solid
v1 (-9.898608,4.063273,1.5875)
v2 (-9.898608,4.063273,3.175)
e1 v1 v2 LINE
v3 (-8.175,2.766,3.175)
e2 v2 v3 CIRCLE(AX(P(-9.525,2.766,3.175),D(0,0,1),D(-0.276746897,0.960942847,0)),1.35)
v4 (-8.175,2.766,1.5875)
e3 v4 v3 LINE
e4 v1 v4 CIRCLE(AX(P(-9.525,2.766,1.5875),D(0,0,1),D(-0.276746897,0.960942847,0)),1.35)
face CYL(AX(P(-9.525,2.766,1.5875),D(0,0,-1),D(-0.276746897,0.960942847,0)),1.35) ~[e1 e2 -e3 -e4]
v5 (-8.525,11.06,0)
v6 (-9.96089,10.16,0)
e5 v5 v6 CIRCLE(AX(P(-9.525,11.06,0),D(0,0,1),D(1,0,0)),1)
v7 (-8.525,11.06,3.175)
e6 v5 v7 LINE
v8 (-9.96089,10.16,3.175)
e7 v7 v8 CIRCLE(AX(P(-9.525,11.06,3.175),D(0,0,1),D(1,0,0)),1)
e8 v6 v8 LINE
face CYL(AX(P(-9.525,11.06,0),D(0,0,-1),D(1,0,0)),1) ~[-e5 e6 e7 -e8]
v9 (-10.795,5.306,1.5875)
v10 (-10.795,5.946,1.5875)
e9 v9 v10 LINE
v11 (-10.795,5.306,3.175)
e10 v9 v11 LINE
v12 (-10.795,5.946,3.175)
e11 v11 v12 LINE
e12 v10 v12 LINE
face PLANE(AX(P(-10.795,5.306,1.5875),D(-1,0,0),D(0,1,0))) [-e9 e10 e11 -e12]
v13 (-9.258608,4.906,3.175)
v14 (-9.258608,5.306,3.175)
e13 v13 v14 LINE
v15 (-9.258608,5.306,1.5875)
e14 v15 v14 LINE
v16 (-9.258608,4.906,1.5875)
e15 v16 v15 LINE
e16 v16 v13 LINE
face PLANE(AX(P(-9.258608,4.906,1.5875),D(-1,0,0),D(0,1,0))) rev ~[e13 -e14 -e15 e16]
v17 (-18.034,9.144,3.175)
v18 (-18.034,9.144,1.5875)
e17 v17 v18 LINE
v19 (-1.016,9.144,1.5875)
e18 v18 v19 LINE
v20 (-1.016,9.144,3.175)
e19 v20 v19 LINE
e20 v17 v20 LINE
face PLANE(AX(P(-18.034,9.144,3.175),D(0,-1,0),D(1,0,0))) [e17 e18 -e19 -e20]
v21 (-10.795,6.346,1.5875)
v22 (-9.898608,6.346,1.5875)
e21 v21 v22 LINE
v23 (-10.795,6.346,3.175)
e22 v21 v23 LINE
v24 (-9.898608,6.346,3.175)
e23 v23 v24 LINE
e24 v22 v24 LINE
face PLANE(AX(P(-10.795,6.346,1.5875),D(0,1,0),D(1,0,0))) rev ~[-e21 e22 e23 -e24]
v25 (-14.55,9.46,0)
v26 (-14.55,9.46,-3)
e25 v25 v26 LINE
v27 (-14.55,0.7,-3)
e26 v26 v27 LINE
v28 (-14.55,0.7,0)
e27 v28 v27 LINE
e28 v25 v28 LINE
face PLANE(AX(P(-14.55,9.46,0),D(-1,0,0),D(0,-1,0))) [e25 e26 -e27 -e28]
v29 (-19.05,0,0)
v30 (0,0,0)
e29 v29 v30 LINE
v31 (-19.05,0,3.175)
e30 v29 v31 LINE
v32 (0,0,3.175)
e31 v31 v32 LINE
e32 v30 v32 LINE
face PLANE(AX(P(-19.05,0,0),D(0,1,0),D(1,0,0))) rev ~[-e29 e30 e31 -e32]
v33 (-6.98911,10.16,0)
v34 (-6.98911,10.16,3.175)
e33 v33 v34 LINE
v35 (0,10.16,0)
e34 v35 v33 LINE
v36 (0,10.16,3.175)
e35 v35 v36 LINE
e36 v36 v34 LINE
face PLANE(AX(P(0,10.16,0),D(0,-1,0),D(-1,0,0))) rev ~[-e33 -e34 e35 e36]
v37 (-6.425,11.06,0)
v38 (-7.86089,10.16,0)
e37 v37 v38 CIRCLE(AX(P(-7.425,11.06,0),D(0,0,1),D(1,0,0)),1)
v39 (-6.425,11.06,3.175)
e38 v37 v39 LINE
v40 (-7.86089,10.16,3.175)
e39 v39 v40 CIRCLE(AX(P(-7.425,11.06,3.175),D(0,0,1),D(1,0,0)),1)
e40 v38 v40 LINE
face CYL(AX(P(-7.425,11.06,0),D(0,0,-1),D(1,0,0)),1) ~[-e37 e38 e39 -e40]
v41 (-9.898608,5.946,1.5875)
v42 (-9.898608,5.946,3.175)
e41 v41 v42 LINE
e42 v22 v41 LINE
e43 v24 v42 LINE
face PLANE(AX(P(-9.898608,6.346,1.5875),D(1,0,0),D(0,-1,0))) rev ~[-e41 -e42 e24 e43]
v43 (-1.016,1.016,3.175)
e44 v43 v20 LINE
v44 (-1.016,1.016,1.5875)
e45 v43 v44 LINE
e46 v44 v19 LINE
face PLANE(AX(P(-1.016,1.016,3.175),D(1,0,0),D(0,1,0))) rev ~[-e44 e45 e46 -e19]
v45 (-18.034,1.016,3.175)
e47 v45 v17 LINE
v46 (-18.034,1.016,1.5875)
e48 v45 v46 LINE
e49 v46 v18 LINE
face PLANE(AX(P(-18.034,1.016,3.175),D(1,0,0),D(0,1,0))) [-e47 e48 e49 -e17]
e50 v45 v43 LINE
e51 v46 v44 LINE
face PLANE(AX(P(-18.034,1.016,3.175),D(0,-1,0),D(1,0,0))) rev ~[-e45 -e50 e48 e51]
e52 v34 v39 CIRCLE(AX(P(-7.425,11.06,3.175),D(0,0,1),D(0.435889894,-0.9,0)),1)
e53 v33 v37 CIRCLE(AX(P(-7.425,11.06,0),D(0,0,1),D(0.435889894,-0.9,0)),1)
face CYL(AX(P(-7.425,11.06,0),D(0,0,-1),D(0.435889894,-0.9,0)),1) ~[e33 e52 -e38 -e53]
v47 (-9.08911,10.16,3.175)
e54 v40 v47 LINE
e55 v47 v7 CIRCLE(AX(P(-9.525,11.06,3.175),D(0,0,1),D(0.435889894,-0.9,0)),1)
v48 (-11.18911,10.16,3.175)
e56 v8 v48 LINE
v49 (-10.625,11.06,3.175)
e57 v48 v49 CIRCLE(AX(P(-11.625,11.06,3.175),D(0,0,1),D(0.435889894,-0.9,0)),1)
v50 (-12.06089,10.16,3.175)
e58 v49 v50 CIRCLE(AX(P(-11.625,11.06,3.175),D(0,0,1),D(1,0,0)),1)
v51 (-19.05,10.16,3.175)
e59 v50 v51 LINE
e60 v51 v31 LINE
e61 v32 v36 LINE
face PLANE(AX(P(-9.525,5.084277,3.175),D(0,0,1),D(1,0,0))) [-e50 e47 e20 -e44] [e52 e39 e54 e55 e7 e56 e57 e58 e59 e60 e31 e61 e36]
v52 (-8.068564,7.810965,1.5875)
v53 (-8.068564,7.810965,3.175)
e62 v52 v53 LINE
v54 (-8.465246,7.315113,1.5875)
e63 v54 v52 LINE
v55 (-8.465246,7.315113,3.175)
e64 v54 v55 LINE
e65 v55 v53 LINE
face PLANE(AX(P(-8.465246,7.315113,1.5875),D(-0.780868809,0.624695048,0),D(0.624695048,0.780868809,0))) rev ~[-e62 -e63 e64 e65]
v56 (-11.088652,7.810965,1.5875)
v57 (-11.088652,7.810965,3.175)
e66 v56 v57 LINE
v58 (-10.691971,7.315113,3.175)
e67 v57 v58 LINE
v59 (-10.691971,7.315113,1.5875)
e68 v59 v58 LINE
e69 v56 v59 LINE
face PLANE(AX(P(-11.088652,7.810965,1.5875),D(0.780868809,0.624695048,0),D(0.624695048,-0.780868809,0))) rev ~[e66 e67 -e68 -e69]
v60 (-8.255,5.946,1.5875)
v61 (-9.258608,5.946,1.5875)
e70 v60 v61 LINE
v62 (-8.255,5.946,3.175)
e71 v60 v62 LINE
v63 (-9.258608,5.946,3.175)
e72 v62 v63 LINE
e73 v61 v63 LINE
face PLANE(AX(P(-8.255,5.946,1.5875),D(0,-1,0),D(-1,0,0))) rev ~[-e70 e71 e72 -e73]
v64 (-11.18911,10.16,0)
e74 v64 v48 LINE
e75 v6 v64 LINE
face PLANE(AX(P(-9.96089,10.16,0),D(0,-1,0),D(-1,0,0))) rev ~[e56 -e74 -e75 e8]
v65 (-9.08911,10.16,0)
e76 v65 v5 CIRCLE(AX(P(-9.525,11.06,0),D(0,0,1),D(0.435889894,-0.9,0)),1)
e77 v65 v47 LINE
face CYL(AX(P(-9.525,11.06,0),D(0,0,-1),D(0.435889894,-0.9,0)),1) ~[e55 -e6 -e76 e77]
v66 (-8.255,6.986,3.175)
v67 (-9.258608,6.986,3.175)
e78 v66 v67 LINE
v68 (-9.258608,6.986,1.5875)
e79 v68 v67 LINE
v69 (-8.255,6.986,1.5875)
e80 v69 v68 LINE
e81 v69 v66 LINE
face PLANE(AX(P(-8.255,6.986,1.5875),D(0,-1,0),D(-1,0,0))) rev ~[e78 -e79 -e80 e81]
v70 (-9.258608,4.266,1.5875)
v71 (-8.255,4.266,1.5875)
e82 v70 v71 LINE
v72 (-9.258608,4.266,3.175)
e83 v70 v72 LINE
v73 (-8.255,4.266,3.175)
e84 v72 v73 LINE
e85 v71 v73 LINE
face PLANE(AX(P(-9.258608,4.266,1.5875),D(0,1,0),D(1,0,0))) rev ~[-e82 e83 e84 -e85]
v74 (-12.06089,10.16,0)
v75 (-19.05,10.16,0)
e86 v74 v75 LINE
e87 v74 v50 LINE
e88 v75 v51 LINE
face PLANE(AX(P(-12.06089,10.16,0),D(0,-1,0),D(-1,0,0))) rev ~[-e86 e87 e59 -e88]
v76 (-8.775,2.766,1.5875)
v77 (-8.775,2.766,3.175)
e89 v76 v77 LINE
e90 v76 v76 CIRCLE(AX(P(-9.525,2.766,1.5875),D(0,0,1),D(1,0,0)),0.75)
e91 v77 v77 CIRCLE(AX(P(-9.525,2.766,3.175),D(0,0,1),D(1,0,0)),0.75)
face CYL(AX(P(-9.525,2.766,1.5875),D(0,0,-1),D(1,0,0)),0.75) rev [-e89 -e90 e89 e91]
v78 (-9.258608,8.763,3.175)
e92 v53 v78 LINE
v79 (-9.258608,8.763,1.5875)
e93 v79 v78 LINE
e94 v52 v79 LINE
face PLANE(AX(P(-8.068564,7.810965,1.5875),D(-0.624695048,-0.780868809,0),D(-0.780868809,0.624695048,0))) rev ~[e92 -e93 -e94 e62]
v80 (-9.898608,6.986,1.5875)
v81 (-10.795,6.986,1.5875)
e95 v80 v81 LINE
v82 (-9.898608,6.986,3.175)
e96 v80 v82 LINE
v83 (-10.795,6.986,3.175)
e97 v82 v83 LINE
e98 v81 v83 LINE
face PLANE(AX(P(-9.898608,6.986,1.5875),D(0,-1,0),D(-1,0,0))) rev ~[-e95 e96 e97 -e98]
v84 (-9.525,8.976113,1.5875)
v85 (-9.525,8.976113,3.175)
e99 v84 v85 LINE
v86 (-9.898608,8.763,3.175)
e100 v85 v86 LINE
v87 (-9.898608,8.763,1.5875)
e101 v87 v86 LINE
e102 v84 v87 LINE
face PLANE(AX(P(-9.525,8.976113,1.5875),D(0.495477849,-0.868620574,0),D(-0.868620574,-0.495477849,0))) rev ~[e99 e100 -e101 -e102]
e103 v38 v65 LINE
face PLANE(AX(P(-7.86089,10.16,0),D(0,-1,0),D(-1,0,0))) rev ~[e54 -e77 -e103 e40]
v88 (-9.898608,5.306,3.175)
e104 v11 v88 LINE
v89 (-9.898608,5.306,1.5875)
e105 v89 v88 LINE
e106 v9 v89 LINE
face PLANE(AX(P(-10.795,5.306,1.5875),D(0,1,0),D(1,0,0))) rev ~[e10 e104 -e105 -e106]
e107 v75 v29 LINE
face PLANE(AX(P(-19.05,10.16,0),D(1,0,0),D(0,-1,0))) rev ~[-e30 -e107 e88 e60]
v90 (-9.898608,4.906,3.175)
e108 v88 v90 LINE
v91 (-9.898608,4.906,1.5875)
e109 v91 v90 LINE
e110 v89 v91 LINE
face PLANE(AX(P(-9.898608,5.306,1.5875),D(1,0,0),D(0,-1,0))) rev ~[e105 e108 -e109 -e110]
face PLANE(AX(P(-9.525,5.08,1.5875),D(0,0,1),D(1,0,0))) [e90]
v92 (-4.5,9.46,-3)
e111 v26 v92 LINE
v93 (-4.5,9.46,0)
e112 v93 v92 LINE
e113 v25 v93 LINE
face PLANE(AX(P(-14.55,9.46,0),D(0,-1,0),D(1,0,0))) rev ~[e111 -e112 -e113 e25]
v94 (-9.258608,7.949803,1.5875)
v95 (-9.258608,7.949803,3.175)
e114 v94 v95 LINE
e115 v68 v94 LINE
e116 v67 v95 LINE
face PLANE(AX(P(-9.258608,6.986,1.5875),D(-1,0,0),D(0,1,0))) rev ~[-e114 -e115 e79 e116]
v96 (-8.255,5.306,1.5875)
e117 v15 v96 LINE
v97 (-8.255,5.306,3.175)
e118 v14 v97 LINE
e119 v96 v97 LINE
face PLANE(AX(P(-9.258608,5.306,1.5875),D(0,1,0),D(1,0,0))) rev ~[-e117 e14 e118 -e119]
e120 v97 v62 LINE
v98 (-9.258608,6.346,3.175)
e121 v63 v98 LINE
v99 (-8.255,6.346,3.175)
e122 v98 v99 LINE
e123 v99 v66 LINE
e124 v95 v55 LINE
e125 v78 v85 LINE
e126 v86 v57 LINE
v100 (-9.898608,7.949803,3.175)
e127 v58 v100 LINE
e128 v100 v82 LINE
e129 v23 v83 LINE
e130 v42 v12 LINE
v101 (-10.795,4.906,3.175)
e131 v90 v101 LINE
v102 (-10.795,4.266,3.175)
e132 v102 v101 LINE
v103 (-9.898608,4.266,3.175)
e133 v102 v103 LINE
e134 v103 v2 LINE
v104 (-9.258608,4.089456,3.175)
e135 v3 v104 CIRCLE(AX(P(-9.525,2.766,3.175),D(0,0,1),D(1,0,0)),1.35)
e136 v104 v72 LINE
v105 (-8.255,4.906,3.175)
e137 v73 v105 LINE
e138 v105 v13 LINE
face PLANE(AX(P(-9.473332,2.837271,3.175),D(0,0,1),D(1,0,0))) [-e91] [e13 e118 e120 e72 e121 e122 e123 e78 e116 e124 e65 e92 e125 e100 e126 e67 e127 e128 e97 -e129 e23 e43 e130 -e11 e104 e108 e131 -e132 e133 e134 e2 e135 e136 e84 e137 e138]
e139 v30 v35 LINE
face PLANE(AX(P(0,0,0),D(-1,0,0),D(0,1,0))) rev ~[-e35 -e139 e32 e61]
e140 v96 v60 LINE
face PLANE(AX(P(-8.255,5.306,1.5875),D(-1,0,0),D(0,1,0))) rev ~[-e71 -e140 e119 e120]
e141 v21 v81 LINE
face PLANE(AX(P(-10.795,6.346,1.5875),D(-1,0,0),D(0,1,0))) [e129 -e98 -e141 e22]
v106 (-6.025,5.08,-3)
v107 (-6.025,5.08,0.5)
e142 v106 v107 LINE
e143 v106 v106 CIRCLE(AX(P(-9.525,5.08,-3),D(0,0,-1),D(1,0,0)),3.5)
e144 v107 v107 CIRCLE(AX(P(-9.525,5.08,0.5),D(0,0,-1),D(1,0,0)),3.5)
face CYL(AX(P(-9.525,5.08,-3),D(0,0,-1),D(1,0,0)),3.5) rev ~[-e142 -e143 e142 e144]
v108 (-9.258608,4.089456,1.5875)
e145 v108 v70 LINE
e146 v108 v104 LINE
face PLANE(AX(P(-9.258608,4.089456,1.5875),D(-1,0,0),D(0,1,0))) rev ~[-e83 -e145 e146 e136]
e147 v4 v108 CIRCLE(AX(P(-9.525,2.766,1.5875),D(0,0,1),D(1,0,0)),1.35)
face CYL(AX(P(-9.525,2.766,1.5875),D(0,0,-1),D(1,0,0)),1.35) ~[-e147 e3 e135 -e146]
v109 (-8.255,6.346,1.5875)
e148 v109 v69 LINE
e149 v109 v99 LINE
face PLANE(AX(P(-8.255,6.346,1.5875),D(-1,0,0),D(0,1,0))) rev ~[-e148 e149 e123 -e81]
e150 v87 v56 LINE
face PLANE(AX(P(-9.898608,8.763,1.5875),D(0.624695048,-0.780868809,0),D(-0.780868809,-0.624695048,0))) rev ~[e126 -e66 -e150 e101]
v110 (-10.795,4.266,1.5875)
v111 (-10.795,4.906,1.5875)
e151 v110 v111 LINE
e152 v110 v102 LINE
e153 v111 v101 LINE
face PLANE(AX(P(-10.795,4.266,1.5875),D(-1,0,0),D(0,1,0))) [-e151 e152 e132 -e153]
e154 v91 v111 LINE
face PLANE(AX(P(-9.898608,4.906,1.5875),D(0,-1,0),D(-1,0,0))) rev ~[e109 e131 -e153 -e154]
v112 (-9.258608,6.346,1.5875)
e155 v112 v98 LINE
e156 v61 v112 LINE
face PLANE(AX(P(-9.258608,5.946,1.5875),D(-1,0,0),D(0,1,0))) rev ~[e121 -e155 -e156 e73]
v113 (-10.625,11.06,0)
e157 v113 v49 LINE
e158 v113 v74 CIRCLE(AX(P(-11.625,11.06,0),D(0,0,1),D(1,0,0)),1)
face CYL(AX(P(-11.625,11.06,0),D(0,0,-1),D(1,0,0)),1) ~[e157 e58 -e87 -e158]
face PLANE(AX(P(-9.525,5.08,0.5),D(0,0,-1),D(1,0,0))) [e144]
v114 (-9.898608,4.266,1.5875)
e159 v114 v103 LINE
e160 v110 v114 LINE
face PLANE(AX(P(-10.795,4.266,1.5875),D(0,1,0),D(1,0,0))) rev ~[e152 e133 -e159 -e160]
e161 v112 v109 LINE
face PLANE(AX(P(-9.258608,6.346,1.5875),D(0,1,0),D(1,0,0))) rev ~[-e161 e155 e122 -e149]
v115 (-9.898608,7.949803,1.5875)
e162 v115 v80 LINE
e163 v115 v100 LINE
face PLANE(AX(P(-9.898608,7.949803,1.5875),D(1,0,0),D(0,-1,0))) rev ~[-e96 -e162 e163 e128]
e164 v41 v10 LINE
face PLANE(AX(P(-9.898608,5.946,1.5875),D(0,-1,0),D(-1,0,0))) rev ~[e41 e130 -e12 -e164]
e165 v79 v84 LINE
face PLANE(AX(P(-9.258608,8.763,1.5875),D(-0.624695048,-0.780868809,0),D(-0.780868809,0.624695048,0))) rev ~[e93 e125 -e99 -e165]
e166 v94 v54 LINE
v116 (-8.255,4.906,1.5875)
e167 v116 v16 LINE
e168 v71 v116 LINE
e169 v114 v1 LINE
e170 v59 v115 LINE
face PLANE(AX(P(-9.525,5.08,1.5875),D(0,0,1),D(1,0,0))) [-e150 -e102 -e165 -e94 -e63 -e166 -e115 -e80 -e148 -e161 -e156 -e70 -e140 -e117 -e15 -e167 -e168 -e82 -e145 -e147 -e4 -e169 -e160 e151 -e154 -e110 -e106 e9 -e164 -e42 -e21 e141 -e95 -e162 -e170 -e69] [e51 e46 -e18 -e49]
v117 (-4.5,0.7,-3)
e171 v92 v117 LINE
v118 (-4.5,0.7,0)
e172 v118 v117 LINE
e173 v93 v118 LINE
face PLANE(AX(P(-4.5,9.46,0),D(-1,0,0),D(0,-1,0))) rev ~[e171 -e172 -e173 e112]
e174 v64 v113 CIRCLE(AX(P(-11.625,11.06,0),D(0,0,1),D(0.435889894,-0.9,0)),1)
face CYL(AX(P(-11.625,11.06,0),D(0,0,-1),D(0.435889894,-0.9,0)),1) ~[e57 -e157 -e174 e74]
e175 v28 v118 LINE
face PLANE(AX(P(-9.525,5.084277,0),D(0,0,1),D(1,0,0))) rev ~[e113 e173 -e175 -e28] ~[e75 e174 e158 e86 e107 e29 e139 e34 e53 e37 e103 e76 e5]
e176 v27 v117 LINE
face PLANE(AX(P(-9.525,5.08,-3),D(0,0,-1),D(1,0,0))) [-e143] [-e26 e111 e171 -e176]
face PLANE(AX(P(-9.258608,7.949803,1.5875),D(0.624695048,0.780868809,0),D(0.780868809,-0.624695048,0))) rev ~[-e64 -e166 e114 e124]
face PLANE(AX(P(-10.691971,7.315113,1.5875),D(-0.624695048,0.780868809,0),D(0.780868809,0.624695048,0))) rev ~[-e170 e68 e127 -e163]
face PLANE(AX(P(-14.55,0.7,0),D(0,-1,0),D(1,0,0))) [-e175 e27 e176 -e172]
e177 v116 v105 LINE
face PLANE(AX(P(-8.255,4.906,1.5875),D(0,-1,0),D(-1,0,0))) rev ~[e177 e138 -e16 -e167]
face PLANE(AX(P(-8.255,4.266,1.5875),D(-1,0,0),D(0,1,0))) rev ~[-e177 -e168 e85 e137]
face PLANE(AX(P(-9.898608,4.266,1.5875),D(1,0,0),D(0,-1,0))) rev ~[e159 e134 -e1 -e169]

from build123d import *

# Parameters (mm, degrees)
F1_DEPTH = 3.175
F2_W     = 17.018
F2_H     = 8.128
F3_DEPTH = 1.5875
F4_W     = 10.05
F4_H     = 8.76
F5_DEPTH = 3
F6_R     = 3.5
F7_DEPTH = 3.5
F8_R     = 0.75
F8_W     = 0.64
F8_H     = 0.64
F8_W_2   = 1.0036083104
F8_W_3   = 0.8963916896
F8_H_2   = 0.4
F9_DEPTH = 1.5875


with BuildPart() as f1:
    # F0 (on Top) → F1 (new body)
    with BuildSketch(Plane.XY):
        with BuildLine():
            Line((-12.0608898944, 10.16), (-19.05, 10.16))
            Line((-19.05, 10.16), (-19.05, 0))
            Line((-19.05, 0), (0, 0))
            Line((0, 0), (0, 10.16))
            Line((0, 10.16), (-6.9891101056, 10.16))
            ThreePointArc((-6.9891101056, 10.16), (-7.425, 10.06), (-7.8608898944, 10.16))
            Line((-7.8608898944, 10.16), (-9.0891101056, 10.16))
            ThreePointArc((-9.0891101056, 10.16), (-9.525, 10.06), (-9.9608898944, 10.16))
            Line((-9.9608898944, 10.16), (-11.1891101056, 10.16))
            ThreePointArc((-11.1891101056, 10.16), (-11.625, 10.06), (-12.0608898944, 10.16))
        make_face()
        with BuildLine():
            ThreePointArc((-10.625, 11.06), (-12.1560885546, 11.9073163206), (-12.0608898944, 10.16))
            Line((-12.0608898944, 10.16), (-11.1891101056, 10.16))
            ThreePointArc((-11.1891101056, 10.16), (-10.7776836794, 10.5289114454), (-10.625, 11.06))
        make_face()
        with BuildLine():
            Line((-11.1891101056, 10.16), (-12.0608898944, 10.16))
            ThreePointArc((-12.0608898944, 10.16), (-11.625, 10.06), (-11.1891101056, 10.16))
        make_face()
        with BuildLine():
            ThreePointArc((-8.525, 11.06), (-10.0560885546, 11.9073163206), (-9.9608898944, 10.16))
            Line((-9.9608898944, 10.16), (-9.0891101056, 10.16))
            ThreePointArc((-9.0891101056, 10.16), (-8.6776836794, 10.5289114454), (-8.525, 11.06))
        make_face()
        with BuildLine():
            Line((-9.0891101056, 10.16), (-9.9608898944, 10.16))
            ThreePointArc((-9.9608898944, 10.16), (-9.525, 10.06), (-9.0891101056, 10.16))
        make_face()
        with BuildLine():
            ThreePointArc((-7.8608898944, 10.16), (-7.425, 10.06), (-6.9891101056, 10.16))
            Line((-6.9891101056, 10.16), (-7.8608898944, 10.16))
        make_face()
        with BuildLine():
            Line((-7.8608898944, 10.16), (-6.9891101056, 10.16))
            ThreePointArc((-6.9891101056, 10.16), (-6.5776836794, 10.5289114454), (-6.425, 11.06))
            ThreePointArc((-6.425, 11.06), (-7.9560885546, 11.9073163206), (-7.8608898944, 10.16))
        make_face()
    extrude(amount=F1_DEPTH)

    # F2 (on face) → F3 (cut)
    with BuildSketch(Plane.XY.offset(3.175)):
        with Locations((-9.525, 5.08)):
            Rectangle(F2_W, F2_H)
    extrude(amount=-F3_DEPTH, mode=Mode.SUBTRACT)

    # F4 (on face) → F5 (join)
    with BuildSketch(Plane(origin=(0, 0, 0), x_dir=(1, 0, 0), z_dir=(0, 0, -1))):
        with Locations((-9.525, -5.08)):
            Rectangle(F4_W, F4_H)
    extrude(amount=F5_DEPTH)

    # F6 (on face) → F7 (cut)
    with BuildSketch(Plane(origin=(0, 0, -3), x_dir=(1, 0, 0), z_dir=(0, 0, -1))):
        with Locations((-9.525, -5.08)):
            Circle(F6_R)
    extrude(amount=-F7_DEPTH, mode=Mode.SUBTRACT)

    # F8 (on face) → F9 (join, through all)
    with BuildSketch(Plane.XY.offset(1.5875)):
        with BuildLine():
            ThreePointArc((-9.8986083104, 4.0632728435), (-10.3368278084, 1.6873732761), (-8.175, 2.766))
            ThreePointArc((-8.175, 2.766), (-8.4804597229, 3.6212400888), (-9.2586083104, 4.0894558805))
            ThreePointArc((-9.2586083104, 4.0894558805), (-9.5801836824, 4.1148716622), (-9.8986083104, 4.0632728435))
        make_face()
        with Locations((-9.525, 2.766)):
            Circle(F8_R, mode=Mode.SUBTRACT)
        with BuildLine():
            ThreePointArc((-9.8986083104, 4.0632728435), (-9.5801836824, 4.1148716622), (-9.2586083104, 4.0894558805))
            Line((-9.2586083104, 4.0894558805), (-9.2586083104, 4.266))
            Line((-9.2586083104, 4.266), (-9.8986083104, 4.266))
            Line((-9.8986083104, 4.266), (-9.8986083104, 4.0632728435))
        make_face()
        with Locations((-9.5786083104, 4.586)):
            Rectangle(F8_W, F8_H)
        with Locations((-8.7568041552, 4.586)):
            Rectangle(F8_W_2, F8_H)
        with Locations((-10.3468041552, 4.586)):
            Rectangle(F8_W_3, F8_H)
        with Locations((-9.5786083104, 5.106)):
            Rectangle(F8_W, F8_H_2)
        with Locations((-9.5786083104, 5.626)):
            Rectangle(F8_W, F8_H)
        with Locations((-8.7568041552, 5.626)):
            Rectangle(F8_W_2, F8_H)
        with Locations((-10.3468041552, 5.626)):
            Rectangle(F8_W_3, F8_H)
        with Locations((-9.5786083104, 6.146)):
            Rectangle(F8_W, F8_H_2)
        with Locations((-9.5786083104, 6.666)):
            Rectangle(F8_W, F8_H)
        with Locations((-8.7568041552, 6.666)):
            Rectangle(F8_W_2, F8_H)
        with Locations((-10.3468041552, 6.666)):
            Rectangle(F8_W_3, F8_H)
        Polygon((-9.8986083104, 6.986), (-9.2586083104, 6.986), (-9.2586083104, 7.9498032218), (-9.2586083104, 8.763), (-9.8986083104, 8.763), (-9.8986083104, 7.9498032218), align=None)
        Polygon((-9.2586083104, 8.763), (-9.2586083104, 7.9498032218), (-8.4652456, 7.3151130535), (-8.0685642448, 7.8109647475), align=None)
        Polygon((-10.6919710208, 7.3151130535), (-9.8986083104, 7.9498032218), (-9.8986083104, 8.763), (-11.088652376, 7.8109647475), align=None)
        Polygon((-9.8986083104, 8.763), (-9.2586083104, 8.763), (-9.525, 8.9761133517), align=None)
    extrude(amount=F9_DEPTH)


solid = f1.part
